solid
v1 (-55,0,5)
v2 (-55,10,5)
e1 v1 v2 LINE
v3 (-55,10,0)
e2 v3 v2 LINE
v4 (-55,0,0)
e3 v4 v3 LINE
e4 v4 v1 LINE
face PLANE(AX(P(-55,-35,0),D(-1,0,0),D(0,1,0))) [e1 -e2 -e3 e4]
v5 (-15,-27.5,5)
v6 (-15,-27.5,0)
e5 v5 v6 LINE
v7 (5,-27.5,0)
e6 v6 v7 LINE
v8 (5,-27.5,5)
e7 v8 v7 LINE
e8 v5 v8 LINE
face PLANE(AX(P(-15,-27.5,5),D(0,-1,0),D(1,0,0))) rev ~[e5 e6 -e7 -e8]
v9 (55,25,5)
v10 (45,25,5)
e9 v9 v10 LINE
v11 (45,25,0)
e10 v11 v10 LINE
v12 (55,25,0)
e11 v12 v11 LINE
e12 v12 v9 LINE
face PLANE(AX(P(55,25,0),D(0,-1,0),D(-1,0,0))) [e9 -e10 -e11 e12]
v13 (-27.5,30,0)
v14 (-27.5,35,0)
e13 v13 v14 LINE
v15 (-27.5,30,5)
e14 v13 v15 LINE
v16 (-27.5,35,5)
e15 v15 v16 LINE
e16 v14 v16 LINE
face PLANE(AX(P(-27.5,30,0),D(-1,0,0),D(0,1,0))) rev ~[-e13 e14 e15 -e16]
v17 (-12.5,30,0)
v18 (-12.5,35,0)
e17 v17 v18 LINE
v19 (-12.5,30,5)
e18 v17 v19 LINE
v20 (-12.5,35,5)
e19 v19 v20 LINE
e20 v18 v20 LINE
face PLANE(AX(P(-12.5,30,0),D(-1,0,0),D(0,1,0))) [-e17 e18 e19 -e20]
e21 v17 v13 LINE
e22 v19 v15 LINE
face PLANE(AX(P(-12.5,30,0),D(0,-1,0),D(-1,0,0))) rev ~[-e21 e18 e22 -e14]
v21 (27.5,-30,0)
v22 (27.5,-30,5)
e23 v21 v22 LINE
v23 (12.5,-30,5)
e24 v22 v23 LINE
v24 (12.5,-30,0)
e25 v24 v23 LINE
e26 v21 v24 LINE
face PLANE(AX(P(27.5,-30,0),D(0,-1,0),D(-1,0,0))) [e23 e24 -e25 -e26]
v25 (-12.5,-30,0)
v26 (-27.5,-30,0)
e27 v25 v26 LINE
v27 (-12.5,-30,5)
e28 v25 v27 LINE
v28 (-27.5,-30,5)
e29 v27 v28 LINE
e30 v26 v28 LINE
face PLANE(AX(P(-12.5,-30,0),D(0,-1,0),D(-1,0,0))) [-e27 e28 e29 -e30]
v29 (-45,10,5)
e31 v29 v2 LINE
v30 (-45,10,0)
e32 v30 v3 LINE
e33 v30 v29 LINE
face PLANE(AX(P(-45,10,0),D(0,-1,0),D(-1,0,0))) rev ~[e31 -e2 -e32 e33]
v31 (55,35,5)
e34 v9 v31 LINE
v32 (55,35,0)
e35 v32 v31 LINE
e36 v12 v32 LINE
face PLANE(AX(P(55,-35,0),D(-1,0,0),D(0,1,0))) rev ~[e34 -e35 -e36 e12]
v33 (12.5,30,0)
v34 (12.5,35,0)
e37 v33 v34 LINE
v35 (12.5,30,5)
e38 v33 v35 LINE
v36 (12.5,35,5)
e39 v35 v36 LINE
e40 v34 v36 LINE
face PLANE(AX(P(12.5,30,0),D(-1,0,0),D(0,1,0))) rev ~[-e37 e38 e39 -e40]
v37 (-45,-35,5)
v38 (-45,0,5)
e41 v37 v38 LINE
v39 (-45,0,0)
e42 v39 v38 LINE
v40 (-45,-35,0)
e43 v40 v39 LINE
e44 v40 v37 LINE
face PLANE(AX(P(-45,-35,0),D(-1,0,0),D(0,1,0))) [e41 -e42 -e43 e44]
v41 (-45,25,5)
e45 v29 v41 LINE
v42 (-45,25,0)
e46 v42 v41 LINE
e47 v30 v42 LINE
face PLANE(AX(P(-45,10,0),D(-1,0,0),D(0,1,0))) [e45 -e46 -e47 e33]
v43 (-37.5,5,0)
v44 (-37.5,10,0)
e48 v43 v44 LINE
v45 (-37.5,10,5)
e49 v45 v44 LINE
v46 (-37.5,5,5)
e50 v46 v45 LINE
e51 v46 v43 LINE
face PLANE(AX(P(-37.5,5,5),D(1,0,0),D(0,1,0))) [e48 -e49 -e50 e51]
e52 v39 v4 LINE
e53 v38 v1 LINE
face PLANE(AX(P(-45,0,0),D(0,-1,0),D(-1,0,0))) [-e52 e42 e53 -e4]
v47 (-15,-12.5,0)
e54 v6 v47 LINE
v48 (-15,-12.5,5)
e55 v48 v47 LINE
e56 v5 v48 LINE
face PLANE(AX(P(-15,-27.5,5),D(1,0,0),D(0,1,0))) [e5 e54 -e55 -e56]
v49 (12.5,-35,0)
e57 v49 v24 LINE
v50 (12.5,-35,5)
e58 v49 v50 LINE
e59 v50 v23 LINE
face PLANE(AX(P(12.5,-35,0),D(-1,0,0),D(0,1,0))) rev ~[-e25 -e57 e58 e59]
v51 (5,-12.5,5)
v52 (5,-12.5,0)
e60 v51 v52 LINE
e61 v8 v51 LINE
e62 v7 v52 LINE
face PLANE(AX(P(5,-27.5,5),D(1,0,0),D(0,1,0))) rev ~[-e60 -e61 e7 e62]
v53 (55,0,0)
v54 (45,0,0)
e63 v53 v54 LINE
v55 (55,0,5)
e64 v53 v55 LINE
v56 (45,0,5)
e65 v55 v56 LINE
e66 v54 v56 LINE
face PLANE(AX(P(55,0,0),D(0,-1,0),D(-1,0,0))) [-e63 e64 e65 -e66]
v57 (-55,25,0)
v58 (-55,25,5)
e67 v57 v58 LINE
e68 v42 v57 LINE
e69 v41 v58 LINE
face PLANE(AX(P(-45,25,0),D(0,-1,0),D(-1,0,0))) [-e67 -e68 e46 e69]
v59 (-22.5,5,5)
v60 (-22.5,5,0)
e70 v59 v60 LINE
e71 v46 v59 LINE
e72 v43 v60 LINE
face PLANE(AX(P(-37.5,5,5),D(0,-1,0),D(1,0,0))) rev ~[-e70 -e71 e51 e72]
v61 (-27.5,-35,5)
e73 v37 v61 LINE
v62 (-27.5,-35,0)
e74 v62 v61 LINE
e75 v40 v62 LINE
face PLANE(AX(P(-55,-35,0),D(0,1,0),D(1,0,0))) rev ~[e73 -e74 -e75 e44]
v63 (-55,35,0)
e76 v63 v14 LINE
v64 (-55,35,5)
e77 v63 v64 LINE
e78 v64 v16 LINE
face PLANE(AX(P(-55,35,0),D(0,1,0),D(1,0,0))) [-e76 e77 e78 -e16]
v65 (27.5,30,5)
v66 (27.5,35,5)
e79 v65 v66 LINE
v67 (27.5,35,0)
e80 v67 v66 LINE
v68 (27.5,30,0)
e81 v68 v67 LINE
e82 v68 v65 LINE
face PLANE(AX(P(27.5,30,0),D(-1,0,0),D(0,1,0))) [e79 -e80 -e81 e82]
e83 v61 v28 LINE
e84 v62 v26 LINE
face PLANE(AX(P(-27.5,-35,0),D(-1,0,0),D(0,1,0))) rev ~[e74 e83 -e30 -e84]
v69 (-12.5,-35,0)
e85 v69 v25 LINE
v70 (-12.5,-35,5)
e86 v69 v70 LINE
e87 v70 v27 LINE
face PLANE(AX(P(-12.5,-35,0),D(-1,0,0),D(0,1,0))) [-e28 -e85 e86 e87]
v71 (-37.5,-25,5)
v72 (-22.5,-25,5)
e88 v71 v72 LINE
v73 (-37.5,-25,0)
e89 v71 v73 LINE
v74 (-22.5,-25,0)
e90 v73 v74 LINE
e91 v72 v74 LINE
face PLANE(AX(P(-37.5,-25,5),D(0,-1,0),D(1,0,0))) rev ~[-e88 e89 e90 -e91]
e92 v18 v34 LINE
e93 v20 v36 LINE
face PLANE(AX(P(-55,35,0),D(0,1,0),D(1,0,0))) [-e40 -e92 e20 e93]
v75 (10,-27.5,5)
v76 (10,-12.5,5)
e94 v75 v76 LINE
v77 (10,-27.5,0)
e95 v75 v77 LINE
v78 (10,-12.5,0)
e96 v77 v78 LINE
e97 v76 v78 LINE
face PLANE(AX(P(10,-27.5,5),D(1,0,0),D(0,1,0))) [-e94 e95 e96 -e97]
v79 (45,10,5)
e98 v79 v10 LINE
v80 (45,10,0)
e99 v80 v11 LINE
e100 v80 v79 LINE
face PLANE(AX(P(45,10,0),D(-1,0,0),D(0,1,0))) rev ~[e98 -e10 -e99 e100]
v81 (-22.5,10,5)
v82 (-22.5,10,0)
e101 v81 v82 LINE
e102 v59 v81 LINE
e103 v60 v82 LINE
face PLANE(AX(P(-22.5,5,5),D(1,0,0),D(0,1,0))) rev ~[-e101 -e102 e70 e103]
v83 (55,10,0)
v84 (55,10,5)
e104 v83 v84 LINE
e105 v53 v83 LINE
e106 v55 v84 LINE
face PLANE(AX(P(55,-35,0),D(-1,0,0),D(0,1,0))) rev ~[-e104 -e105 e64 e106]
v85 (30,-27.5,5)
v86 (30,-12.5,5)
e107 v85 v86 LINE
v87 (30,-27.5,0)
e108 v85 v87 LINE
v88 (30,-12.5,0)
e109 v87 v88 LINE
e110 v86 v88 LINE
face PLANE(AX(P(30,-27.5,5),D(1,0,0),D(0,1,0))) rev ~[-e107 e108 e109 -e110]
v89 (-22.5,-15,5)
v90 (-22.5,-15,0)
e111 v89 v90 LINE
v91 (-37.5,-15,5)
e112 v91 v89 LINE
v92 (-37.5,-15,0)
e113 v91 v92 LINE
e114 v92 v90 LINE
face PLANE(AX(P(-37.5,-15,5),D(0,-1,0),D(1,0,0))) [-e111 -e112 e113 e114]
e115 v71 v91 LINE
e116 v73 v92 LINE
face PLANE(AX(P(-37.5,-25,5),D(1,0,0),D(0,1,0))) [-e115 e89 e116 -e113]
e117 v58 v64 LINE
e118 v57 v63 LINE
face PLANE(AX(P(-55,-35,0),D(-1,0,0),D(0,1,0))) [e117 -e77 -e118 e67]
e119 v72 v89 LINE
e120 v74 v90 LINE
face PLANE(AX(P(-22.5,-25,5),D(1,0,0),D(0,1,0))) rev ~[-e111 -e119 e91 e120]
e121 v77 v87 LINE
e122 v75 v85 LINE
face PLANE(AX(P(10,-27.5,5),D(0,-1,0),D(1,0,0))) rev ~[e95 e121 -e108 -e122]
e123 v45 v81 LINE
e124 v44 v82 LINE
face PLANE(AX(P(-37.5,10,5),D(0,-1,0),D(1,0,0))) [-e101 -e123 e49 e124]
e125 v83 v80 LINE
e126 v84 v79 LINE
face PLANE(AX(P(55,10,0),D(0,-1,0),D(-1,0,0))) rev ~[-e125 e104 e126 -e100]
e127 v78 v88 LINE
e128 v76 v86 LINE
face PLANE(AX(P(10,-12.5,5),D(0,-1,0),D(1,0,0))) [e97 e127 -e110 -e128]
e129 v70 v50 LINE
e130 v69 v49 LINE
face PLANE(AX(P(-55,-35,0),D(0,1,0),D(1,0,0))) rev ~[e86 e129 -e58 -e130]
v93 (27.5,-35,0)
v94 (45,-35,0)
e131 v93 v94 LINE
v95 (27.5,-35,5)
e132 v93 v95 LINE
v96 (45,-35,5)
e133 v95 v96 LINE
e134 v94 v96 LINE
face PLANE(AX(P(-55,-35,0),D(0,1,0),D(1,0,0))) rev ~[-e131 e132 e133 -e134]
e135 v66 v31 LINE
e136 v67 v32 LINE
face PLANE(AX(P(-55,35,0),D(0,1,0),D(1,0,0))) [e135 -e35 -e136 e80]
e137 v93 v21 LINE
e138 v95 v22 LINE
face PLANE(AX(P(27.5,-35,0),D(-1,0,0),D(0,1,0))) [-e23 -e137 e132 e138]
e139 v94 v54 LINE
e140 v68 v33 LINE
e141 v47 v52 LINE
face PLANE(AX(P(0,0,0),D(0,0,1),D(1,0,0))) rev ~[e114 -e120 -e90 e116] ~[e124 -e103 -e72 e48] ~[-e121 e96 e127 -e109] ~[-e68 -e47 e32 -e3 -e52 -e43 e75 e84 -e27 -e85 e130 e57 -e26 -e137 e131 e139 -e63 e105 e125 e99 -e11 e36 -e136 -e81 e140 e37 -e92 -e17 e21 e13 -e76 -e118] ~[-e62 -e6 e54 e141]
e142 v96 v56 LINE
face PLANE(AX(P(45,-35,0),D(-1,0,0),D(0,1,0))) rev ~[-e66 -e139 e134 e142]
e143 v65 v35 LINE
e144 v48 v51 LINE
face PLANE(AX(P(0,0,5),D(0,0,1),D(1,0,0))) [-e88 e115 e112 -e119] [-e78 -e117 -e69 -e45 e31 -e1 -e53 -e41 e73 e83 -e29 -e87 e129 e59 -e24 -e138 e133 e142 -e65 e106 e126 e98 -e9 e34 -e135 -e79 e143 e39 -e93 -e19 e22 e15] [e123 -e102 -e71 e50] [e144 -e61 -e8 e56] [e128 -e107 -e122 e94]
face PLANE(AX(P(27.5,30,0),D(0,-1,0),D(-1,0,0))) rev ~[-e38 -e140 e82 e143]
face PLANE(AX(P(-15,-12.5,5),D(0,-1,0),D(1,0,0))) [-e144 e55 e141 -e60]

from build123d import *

# Parameters (mm, degrees)
ESQUISSE1_W             = 110
ESQUISSE1_H             = 70
BOSS_EXTRU_1_DEPTH      = 5
ESQUISSE2_W             = 20
ESQUISSE2_H             = 15
ESQUISSE2_W_2           = 15
ESQUISSE2_H_2           = 10
ESQUISSE2_H_3           = 5
ENL_V_MAT_EXTRU_1_DEPTH = 5
ESQUISSE6_W             = 10
ESQUISSE6_H             = 35
ESQUISSE6_H_2           = 15
ESQUISSE6_W_2           = 15
ESQUISSE6_H_3           = 5
ENL_V_MAT_EXTRU_2_DEPTH = 5


with BuildPart() as part:
    # Esquisse1 → Boss.-Extru.1 (new body)
    with BuildSketch(Plane.XY):
        Rectangle(ESQUISSE1_W, ESQUISSE1_H)
    extrude(amount=BOSS_EXTRU_1_DEPTH)

    # Esquisse2 → Enlèv. mat.-Extru.1 (cut)
    with BuildSketch(Plane.XY.offset(5)):
        with Locations((20, -20)):
            Rectangle(ESQUISSE2_W, ESQUISSE2_H)
        with Locations((-5, -20)):
            Rectangle(ESQUISSE2_W, ESQUISSE2_H)
        with Locations((-30, -20)):
            Rectangle(ESQUISSE2_W_2, ESQUISSE2_H_2)
        with Locations((-30, 7.5)):
            Rectangle(ESQUISSE2_W_2, ESQUISSE2_H_3)
    extrude(amount=-ENL_V_MAT_EXTRU_1_DEPTH, mode=Mode.SUBTRACT)

    # Esquisse6 → Enlèv. mat.-Extru.2 (cut)
    with BuildSketch(Plane(origin=(0, 0, 0), x_dir=(-1, 0, 0), z_dir=(0, 0, -1))):
        with Locations((-50, -17.5)):
            Rectangle(ESQUISSE6_W, ESQUISSE6_H)
        with Locations((50, -17.5)):
            Rectangle(ESQUISSE6_W, ESQUISSE6_H)
        with Locations((-50, 17.5)):
            Rectangle(ESQUISSE6_W, ESQUISSE6_H_2)
        with Locations((50, 17.5)):
            Rectangle(ESQUISSE6_W, ESQUISSE6_H_2)
        with Locations((-20, 32.5)):
            Rectangle(ESQUISSE6_W_2, ESQUISSE6_H_3)
        with Locations((20, 32.5)):
            Rectangle(ESQUISSE6_W_2, ESQUISSE6_H_3)
        with Locations((-20, -32.5)):
            Rectangle(ESQUISSE6_W_2, ESQUISSE6_H_3)
        with Locations((20, -32.5)):
            Rectangle(ESQUISSE6_W_2, ESQUISSE6_H_3)
    extrude(amount=-ENL_V_MAT_EXTRU_2_DEPTH, mode=Mode.SUBTRACT)


solid = part.part
